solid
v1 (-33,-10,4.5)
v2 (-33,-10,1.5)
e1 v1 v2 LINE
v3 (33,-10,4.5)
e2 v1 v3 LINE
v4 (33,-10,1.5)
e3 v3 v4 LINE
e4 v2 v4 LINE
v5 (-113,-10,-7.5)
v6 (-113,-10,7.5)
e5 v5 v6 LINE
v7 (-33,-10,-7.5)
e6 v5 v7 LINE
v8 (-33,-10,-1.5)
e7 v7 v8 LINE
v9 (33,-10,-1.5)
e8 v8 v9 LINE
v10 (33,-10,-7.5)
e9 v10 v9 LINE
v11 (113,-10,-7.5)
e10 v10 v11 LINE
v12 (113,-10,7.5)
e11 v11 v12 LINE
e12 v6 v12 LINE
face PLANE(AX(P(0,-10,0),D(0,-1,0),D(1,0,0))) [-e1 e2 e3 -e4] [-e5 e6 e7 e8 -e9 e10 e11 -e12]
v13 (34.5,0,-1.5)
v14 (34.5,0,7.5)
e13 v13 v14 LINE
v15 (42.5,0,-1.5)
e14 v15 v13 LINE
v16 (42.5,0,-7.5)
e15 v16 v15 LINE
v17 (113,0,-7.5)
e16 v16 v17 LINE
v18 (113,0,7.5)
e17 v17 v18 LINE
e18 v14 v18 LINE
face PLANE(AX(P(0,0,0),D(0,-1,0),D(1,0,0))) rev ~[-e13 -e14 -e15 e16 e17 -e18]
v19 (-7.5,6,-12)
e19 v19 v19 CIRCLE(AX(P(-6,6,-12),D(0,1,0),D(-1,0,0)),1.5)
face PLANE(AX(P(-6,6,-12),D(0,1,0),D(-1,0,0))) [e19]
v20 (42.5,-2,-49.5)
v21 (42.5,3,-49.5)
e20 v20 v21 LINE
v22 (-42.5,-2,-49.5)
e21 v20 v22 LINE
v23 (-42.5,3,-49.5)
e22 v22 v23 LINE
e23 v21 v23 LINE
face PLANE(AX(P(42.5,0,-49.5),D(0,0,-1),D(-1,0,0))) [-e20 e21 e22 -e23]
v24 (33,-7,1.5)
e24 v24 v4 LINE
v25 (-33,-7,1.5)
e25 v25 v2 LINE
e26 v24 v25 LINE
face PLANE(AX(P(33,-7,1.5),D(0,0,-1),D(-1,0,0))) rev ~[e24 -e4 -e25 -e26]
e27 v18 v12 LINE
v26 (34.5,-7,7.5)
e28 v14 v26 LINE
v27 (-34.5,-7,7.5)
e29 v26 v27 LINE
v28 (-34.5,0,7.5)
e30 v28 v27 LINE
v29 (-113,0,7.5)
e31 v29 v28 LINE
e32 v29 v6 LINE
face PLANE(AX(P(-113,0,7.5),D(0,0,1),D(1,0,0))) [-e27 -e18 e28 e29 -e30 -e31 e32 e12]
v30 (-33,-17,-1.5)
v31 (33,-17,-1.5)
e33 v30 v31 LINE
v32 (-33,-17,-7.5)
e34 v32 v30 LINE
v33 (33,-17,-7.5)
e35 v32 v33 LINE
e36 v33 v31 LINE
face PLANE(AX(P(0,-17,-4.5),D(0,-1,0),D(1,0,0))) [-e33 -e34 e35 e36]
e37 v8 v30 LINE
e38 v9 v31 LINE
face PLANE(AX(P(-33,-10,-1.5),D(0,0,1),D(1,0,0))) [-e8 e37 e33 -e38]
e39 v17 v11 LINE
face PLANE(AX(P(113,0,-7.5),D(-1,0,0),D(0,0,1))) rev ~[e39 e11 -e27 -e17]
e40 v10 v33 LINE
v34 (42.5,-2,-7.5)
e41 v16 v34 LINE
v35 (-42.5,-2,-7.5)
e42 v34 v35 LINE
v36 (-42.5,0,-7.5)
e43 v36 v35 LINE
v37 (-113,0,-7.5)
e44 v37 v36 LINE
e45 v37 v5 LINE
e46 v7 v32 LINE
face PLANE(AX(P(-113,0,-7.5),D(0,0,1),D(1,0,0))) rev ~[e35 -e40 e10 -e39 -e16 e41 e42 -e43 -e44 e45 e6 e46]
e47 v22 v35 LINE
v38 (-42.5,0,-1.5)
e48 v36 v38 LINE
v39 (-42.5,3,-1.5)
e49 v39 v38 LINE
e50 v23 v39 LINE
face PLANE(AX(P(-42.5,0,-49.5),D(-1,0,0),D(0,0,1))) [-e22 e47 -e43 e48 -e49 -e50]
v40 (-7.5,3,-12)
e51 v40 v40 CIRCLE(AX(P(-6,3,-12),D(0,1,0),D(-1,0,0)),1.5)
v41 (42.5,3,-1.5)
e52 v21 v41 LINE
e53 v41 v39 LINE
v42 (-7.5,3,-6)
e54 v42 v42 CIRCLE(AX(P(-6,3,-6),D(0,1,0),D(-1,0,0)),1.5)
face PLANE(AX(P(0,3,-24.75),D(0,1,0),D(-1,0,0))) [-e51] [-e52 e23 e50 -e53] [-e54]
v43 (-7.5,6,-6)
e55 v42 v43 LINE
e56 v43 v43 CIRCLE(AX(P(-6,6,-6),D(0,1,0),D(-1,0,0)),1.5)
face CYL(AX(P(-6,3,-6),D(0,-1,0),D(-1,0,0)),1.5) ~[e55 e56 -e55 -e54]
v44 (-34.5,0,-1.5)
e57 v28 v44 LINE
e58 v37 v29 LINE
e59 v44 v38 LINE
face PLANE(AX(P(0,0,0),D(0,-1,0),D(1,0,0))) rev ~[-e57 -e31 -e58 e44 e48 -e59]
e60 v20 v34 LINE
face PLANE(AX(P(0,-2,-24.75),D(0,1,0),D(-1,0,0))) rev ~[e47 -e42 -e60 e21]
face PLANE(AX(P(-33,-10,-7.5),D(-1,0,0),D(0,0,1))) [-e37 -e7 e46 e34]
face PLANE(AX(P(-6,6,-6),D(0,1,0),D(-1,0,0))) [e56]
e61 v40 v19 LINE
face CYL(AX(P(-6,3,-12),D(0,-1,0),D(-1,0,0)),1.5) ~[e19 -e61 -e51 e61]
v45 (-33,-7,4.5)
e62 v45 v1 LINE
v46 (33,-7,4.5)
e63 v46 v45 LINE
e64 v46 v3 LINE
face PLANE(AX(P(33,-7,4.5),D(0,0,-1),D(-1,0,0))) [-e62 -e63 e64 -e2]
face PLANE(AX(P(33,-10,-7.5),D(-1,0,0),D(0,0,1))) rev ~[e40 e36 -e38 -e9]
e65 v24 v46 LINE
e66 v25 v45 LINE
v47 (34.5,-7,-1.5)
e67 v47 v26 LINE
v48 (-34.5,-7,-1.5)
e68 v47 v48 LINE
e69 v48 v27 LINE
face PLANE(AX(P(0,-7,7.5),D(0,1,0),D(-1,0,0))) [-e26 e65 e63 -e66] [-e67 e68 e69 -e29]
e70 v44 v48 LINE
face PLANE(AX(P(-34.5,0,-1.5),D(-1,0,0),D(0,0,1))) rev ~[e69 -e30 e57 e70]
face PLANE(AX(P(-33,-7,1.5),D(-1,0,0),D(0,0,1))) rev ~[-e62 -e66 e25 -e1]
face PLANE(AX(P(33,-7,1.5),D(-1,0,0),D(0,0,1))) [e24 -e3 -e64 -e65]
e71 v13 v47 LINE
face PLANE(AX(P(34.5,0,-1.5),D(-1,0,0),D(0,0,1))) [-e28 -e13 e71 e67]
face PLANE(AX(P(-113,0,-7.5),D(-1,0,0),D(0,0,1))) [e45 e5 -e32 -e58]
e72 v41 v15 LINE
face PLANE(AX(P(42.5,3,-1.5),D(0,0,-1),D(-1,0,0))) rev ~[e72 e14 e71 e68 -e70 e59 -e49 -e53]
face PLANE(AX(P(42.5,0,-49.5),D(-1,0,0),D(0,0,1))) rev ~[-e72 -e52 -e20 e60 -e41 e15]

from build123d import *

# Parameters (mm, degrees)
F0_W          = 226
F0_H          = 15
F1_DEPTH      = 10
F2_W          = 66
F2_H          = 6
F3_DEPTH      = 7
F4_W          = 85
F4_H          = 49.5
F5_DEPTH      = 3
F5_DEPTH_BACK = 2
F6_W          = 69
F6_H          = 18
F7_DEPTH      = 7
F8_W          = 66
F8_H          = 3
F9_DEPTH      = 25
F10_W         = 85
F10_H         = 1
F11_DEPTH     = 3
F12_W         = 85
F12_H         = 0.5
F13_DEPTH     = 3
F14_R         = 1.5
F15_DEPTH     = 3


with BuildPart() as f1:
    # F0 (on Front) → F1 (new body)
    with BuildSketch(Plane.XZ):
        Rectangle(F0_W, F0_H)
    extrude(amount=F1_DEPTH)

    # F2 (on face) → F3 (join)
    with BuildSketch(Plane.XZ.offset(10)):
        with Locations((0, -4.5)):
            Rectangle(F2_W, F2_H)
    extrude(amount=F3_DEPTH)

    # F4 (on face) → F5 (join, two sides)
    with BuildSketch(Plane(origin=(0, 0, 0), x_dir=(-1, 0, 0), z_dir=(0, 1, 0))) as f5_sk:
        with Locations((0, -24.75)):
            Rectangle(F4_W, F4_H)
    extrude(amount=F5_DEPTH)
    extrude(f5_sk.sketch, amount=-F5_DEPTH_BACK)

    # F6 (on face) → F7 (cut)
    with BuildSketch(Plane(origin=(0, 0, 0), x_dir=(-1, 0, 0), z_dir=(0, 1, 0))):
        with Locations((0, 7.5)):
            Rectangle(F6_W, F6_H)
    extrude(amount=-F7_DEPTH, mode=Mode.SUBTRACT)

    # F8 (on face) → F9 (cut)
    with BuildSketch(Plane(origin=(0, -7, 0), x_dir=(-1, 0, 0), z_dir=(0, 1, 0))):
        with Locations((0, 3)):
            Rectangle(F8_W, F8_H)
    extrude(amount=-F9_DEPTH, mode=Mode.SUBTRACT)

    # F10 (on face) → F11 (cut)
    with BuildSketch(Plane(origin=(0, 3, 0), x_dir=(-1, 0, 0), z_dir=(0, 1, 0))):
        with Locations((0, -0.5)):
            Rectangle(F10_W, F10_H)
    extrude(amount=-F11_DEPTH, mode=Mode.SUBTRACT)

    # F12 (on face) → F13 (cut)
    with BuildSketch(Plane(origin=(0, 3, 0), x_dir=(-1, 0, 0), z_dir=(0, 1, 0))):
        with Locations((0, -1.25)):
            Rectangle(F12_W, F12_H)
    extrude(amount=-F13_DEPTH, mode=Mode.SUBTRACT)

    # F14 (on face) → F15 (join)
    with BuildSketch(Plane(origin=(0, 3, 0), x_dir=(-1, 0, 0), z_dir=(0, 1, 0))):
        with Locations((6, -6)):
            Circle(F14_R)
        with Locations((6, -12)):
            Circle(F14_R)
    extrude(amount=F15_DEPTH)


solid = f1.part
